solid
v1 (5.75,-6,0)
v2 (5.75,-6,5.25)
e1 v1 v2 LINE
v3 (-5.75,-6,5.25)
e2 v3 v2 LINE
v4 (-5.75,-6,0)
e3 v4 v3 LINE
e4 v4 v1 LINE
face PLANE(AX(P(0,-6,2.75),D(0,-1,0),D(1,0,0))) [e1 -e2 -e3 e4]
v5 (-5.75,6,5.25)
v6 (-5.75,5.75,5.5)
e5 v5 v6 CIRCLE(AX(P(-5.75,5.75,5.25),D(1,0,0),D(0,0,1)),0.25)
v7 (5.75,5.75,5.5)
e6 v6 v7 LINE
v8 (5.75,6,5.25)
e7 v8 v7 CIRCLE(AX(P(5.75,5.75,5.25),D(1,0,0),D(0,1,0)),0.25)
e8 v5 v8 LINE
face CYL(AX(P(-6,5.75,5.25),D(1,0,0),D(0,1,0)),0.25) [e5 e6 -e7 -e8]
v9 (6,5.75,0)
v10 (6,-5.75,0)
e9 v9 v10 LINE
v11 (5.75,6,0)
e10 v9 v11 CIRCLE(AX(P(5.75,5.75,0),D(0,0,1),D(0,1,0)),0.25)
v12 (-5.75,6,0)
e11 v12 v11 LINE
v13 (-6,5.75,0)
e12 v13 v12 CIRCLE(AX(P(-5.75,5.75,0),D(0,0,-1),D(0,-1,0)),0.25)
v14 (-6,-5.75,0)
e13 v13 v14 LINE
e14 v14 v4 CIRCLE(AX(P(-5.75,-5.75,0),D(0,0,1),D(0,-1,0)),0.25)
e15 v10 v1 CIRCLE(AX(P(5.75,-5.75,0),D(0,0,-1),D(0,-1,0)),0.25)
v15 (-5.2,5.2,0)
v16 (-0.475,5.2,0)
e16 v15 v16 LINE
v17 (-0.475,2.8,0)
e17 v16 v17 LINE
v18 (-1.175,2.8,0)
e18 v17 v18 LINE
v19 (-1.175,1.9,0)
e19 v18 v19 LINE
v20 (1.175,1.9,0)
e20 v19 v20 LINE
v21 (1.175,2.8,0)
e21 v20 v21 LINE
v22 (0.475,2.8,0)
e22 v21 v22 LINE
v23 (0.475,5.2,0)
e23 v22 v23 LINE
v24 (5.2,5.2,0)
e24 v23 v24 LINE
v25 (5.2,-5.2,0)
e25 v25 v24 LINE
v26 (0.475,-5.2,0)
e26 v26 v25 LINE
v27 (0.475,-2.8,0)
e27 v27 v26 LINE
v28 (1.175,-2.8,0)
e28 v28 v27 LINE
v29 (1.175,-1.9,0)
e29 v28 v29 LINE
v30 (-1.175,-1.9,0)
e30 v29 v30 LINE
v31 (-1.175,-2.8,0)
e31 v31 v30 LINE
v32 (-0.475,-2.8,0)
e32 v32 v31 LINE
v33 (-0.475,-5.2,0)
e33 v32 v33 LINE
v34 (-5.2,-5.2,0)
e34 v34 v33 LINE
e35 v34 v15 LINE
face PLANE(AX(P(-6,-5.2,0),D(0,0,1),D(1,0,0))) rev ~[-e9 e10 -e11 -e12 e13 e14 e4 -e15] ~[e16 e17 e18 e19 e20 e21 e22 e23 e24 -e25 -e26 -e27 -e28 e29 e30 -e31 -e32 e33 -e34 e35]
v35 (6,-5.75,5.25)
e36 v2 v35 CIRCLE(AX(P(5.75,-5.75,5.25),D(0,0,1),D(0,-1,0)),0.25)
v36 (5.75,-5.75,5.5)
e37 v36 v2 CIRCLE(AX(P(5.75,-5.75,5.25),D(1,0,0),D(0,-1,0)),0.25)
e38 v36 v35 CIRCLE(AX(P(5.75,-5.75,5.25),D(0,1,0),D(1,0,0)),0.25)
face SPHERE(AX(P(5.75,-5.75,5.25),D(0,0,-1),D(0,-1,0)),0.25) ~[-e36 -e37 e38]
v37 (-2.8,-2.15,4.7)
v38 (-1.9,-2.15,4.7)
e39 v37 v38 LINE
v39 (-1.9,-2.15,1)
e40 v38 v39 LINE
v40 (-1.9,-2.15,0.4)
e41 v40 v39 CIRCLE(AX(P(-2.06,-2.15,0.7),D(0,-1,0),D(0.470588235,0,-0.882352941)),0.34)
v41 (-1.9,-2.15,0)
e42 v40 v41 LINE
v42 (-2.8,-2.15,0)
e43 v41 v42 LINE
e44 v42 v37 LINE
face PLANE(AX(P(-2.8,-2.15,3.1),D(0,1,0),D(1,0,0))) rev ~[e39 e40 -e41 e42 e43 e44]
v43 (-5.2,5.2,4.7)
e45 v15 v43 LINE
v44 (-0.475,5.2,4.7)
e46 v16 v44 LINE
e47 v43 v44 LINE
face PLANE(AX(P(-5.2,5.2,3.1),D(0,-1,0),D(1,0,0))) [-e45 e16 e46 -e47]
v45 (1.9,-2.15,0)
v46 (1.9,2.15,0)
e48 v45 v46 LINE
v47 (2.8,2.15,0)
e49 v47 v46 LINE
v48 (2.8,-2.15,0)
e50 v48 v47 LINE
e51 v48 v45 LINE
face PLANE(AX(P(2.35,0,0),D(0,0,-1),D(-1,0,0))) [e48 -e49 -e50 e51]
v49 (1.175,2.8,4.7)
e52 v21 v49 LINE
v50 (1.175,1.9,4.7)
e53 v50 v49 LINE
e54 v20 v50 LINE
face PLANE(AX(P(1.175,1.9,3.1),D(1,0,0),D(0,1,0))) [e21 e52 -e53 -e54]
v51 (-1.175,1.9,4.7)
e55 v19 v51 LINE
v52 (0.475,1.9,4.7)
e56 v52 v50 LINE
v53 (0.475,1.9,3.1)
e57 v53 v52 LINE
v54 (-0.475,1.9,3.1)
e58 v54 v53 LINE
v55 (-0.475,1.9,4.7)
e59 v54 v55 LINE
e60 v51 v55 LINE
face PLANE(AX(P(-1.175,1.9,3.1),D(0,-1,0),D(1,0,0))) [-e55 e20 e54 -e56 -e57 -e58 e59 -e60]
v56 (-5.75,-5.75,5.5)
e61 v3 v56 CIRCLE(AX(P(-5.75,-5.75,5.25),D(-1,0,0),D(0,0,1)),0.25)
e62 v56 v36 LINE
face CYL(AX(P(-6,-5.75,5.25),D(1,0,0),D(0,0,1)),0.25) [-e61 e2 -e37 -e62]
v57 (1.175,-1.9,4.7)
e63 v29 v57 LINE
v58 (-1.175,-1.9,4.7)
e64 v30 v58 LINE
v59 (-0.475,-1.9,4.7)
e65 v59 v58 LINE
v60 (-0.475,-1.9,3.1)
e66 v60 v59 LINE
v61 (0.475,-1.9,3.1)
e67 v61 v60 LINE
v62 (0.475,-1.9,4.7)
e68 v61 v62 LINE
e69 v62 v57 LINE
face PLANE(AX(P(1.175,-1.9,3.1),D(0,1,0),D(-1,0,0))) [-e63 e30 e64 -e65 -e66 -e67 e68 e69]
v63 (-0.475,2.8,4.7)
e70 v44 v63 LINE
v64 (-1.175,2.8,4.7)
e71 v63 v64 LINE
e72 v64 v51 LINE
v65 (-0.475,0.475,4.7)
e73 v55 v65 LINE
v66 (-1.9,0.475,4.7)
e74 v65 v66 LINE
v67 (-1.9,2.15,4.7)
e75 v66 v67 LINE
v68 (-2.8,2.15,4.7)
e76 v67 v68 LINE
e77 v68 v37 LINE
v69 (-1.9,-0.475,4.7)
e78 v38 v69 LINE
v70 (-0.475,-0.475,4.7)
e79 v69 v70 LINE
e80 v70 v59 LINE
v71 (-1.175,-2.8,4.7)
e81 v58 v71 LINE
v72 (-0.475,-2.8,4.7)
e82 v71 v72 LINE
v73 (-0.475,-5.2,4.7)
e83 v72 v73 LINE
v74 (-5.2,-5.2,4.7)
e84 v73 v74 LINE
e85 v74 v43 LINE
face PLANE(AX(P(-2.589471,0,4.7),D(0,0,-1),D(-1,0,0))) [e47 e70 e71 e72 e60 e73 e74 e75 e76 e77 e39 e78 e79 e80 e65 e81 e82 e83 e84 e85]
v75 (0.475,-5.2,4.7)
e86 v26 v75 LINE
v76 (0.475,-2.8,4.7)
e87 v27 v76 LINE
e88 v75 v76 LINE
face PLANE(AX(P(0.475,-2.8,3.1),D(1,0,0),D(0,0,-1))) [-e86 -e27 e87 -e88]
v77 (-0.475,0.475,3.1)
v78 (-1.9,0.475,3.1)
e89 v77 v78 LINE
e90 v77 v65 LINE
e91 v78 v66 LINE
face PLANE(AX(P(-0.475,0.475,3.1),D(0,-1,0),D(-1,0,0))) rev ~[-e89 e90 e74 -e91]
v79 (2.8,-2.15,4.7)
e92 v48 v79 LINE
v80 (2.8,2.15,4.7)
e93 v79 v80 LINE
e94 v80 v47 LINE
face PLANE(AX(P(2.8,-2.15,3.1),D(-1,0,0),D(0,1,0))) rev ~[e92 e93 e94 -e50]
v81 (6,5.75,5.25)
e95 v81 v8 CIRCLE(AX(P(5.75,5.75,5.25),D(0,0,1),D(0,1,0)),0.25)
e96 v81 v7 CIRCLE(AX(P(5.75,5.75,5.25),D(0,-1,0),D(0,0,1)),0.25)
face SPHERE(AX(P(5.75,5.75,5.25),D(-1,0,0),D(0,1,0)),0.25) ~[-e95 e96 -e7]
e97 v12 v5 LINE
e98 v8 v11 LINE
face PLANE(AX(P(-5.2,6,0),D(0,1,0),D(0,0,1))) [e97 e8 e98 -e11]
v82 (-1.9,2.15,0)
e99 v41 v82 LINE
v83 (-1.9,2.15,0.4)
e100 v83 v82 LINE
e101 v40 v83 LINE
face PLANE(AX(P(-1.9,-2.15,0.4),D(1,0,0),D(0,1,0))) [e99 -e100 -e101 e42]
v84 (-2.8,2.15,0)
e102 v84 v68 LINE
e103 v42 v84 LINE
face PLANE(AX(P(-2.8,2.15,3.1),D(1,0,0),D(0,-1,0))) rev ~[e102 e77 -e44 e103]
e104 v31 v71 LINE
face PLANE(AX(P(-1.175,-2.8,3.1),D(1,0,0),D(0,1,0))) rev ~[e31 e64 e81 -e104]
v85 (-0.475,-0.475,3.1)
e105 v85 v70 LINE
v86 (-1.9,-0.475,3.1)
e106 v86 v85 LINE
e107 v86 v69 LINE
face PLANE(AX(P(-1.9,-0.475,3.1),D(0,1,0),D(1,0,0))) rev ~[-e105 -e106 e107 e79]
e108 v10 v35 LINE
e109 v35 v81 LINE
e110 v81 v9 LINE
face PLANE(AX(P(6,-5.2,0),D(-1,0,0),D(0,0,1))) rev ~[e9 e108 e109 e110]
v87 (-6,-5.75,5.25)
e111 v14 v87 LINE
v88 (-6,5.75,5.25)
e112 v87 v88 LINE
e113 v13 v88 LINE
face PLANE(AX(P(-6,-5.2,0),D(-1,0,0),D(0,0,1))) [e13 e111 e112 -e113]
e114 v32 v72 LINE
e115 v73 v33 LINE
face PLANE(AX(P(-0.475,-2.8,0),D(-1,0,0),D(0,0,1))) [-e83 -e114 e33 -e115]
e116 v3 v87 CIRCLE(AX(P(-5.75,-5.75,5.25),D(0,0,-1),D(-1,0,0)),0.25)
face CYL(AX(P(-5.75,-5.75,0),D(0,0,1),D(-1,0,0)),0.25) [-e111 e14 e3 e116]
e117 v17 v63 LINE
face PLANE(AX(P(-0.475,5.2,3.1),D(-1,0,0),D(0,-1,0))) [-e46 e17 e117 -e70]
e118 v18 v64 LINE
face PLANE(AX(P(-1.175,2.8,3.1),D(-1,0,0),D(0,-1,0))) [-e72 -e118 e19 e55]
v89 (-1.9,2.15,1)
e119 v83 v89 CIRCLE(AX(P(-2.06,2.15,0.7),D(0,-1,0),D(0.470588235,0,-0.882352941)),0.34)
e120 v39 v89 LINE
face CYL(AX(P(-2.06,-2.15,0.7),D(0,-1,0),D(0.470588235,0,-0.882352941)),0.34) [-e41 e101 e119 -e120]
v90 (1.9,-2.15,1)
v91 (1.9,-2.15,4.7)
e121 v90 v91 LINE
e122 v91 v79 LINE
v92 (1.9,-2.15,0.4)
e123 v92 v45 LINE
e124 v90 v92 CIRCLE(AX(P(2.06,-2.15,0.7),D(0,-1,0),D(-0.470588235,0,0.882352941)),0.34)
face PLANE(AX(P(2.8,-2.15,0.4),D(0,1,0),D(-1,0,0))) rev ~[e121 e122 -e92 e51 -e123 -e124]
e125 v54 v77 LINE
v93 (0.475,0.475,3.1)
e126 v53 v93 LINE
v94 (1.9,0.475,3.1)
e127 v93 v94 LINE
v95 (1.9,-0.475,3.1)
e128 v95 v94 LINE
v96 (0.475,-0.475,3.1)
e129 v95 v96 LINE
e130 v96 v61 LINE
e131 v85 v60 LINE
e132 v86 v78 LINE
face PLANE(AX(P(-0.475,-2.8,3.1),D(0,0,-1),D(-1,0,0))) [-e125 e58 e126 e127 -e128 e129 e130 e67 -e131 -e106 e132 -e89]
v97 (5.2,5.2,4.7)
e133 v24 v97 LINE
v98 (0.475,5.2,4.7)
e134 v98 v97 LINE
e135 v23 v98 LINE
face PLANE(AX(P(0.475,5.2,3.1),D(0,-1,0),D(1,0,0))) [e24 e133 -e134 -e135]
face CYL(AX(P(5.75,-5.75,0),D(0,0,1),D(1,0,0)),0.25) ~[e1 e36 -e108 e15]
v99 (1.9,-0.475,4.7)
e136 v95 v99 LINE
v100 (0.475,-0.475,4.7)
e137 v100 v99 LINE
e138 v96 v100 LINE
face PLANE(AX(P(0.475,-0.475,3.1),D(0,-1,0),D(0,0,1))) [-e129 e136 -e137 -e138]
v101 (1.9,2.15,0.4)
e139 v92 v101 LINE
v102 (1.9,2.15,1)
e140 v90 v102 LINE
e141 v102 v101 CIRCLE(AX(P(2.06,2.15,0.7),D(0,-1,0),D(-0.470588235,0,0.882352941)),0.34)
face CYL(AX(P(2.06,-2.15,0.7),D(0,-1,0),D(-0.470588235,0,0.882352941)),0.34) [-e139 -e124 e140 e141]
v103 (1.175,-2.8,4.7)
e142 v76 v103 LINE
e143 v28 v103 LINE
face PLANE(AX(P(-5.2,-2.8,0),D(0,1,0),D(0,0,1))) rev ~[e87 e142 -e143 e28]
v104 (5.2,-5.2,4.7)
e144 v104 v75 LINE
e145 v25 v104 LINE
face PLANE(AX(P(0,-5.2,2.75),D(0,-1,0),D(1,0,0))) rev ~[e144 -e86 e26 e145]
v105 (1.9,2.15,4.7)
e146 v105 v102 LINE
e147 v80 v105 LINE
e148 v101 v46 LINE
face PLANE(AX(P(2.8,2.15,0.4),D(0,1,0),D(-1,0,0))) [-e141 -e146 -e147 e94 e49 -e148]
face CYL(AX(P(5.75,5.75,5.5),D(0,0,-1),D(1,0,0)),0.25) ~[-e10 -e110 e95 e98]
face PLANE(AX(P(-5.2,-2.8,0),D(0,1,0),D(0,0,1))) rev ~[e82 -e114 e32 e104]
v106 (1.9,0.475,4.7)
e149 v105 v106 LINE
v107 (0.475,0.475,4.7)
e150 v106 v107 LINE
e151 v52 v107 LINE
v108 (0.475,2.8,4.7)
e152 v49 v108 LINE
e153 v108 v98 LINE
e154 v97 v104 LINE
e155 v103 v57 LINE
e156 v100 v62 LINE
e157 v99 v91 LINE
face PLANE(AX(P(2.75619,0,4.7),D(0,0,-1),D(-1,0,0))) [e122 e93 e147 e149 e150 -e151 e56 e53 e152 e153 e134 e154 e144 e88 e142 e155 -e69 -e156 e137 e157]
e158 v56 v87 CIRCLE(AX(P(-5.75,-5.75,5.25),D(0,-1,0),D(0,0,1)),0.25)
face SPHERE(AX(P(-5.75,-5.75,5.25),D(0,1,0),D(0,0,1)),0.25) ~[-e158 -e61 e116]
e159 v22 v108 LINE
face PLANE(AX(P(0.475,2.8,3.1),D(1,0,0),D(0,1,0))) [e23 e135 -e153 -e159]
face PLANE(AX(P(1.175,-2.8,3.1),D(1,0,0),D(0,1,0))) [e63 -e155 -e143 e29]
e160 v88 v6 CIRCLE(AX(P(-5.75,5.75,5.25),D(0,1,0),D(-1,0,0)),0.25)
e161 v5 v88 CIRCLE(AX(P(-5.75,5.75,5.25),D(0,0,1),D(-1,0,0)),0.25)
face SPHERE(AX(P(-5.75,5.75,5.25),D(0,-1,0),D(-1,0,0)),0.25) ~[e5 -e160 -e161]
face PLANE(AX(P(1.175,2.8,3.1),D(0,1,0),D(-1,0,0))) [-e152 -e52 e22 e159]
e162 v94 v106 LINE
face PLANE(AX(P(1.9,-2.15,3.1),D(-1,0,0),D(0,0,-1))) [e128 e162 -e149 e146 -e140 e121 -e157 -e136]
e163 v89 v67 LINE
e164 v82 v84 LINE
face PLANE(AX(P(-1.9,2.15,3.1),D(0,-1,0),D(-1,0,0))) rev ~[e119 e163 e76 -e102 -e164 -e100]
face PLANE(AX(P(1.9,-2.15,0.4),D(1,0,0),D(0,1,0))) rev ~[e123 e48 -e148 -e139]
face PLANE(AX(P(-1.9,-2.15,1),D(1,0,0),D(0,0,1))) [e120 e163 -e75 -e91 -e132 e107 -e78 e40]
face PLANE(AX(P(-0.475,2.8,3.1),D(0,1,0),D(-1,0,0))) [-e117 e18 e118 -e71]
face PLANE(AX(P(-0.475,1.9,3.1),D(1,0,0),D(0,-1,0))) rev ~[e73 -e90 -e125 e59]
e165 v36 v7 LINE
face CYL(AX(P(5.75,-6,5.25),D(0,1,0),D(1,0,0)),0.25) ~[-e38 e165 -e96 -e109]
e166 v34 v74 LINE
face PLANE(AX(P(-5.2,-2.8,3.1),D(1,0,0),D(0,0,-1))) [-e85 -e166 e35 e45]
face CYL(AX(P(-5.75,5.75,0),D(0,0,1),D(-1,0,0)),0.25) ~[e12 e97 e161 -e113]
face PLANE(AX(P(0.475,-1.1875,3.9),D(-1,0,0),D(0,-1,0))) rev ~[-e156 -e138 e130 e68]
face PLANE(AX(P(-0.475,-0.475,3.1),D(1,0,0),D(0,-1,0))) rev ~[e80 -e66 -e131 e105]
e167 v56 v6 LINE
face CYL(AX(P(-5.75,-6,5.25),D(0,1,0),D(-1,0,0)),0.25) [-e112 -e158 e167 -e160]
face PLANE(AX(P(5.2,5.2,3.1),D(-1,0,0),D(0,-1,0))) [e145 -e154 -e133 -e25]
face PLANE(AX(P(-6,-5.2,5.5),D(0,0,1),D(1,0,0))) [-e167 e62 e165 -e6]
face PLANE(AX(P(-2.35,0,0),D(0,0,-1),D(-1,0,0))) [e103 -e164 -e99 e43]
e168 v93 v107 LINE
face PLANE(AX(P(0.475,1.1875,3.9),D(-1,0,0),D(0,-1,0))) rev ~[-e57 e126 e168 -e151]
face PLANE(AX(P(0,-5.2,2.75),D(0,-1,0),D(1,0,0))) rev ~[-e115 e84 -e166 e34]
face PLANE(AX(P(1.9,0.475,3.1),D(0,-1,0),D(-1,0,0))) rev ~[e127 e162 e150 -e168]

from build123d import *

# Parameters (mm, degrees)
BOSS_EXTRU_1_DEPTH      = 4.3
ESQUISSE2_W             = 5.6
ESQUISSE2_H             = 2.4
BOSS_EXTRU_2_DEPTH      = 0.65
ESQUISSE3_W             = 2.4
ESQUISSE3_H             = 4.95
BOSS_EXTRU_3_DEPTH      = 2.4
ESQUISSE4_W             = 8
ESQUISSE4_H             = 2.4
BOSS_EXTRU_4_DEPTH      = 3.85
ESQUISSE5_W             = 2.4
ESQUISSE5_H             = 8.8
BOSS_EXTRU_5_DEPTH      = 3.2
ESQUISSE6_W             = 2.35
ESQUISSE6_H             = 0.9
BOSS_EXTRU_6_DEPTH      = 3.1
ESQUISSE7_W             = 0.9
ESQUISSE7_H             = 4.3
BOSS_EXTRU_7_DEPTH      = 0.4
ESQUISSE8_W             = 0.9
ESQUISSE8_H             = 4.3
BOSS_EXTRU_8_DEPTH      = 0.4
ESQUISSE9_W             = 5.5
ESQUISSE9_H             = 8.8
BOSS_EXTRU_9_DEPTH      = 0.8
BOSS_EXTRU_10_DEPTH     = 2.4
ESQUISSE11_W            = 12
ESQUISSE11_H            = 5.5
BOSS_EXTRU_11_DEPTH     = 0.8
ENL_V_MAT_EXTRU_1_DEPTH = 1.6
ENL_V_MAT_EXTRU_2_REACH = 12.401
ESQUISSE13_W            = 1.425
ESQUISSE13_H            = 1.6
ENL_V_MAT_EXTRU_3_REACH = 12.401
ESQUISSE14_W            = 1.425
ESQUISSE14_H            = 1.6
ENL_V_MAT_EXTRU_4_DEPTH = 1.6
CONG_1_R                = 0.25


with BuildPart() as part:
    # Esquisse1 → Boss.-Extru.1 (new body)
    with BuildSketch(Plane.XZ.offset(2.15)):
        with BuildLine():
            Line((1.9, 0.4), (2.8, 0.4))
            Line((2.8, 0.4), (2.8, 5.5))
            Line((2.8, 5.5), (-2.8, 5.5))
            Line((-2.8, 5.5), (-2.8, 0.4))
            Line((-2.8, 0.4), (-1.9, 0.4))
            ThreePointArc((-1.9, 0.4), (-1.72, 0.7), (-1.9, 1))
            Line((-1.9, 1), (-1.9, 3.1))
            Line((-1.9, 3.1), (1.9, 3.1))
            Line((1.9, 3.1), (1.9, 1))
            ThreePointArc((1.9, 1), (1.72, 0.7), (1.9, 0.4))
        make_face()
    extrude(amount=-BOSS_EXTRU_1_DEPTH)

    # Esquisse2 → Boss.-Extru.2 (add)
    with BuildSketch(Plane.XZ.offset(2.15)):
        with Locations((0, 4.3)):
            Rectangle(ESQUISSE2_W, ESQUISSE2_H)
    extrude(amount=BOSS_EXTRU_2_DEPTH)

    # Esquisse3 → Boss.-Extru.3 (add)
    with BuildSketch(Plane.ZY.offset(2.8)):
        with Locations((4.3, -0.325)):
            Rectangle(ESQUISSE3_W, ESQUISSE3_H)
    extrude(amount=BOSS_EXTRU_3_DEPTH)

    # Esquisse4 → Boss.-Extru.4 (add)
    with BuildSketch(Plane(origin=(0, 2.15, 0), x_dir=(-1, 0, 0), z_dir=(0, 1, 0))):
        with Locations((1.2, 4.3)):
            Rectangle(ESQUISSE4_W, ESQUISSE4_H)
    extrude(amount=BOSS_EXTRU_4_DEPTH)

    # Esquisse5 → Boss.-Extru.5 (add)
    with BuildSketch(Plane(origin=(2.8, 0, 0), x_dir=(0, 0, -1), z_dir=(1, 0, 0))):
        with Locations((-4.3, 1.6)):
            Rectangle(ESQUISSE5_W, ESQUISSE5_H)
    extrude(amount=BOSS_EXTRU_5_DEPTH)

    # Esquisse6 → Boss.-Extru.6 (add)
    with BuildSketch(Plane(origin=(0, 0, 3.1), x_dir=(-1, 0, 0), z_dir=(0, 0, -1))):
        Polygon((5.2, 5.2), (0.475, 5.2), (0.475, 2.8), (1.175, 2.8), (1.175, 1.9), (-1.175, 1.9), (-1.175, 2.8), (-0.475, 2.8), (-0.475, 5.2), (-5.2, 5.2), (-5.2, -2.8), (-6, -2.8), (-6, 6), (5.2, 6), align=None)
        with Locations((0, -2.35)):
            Rectangle(ESQUISSE6_W, ESQUISSE6_H)
    extrude(amount=BOSS_EXTRU_6_DEPTH)

    # Esquisse7 → Boss.-Extru.7 (add)
    with BuildSketch(Plane(origin=(0, 0, 0.4), x_dir=(-1, 0, 0), z_dir=(0, 0, -1))):
        with Locations((2.35, 0)):
            Rectangle(ESQUISSE7_W, ESQUISSE7_H)
    extrude(amount=BOSS_EXTRU_7_DEPTH)

    # Esquisse8 → Boss.-Extru.8 (add)
    with BuildSketch(Plane(origin=(0, 0, 0.4), x_dir=(-1, 0, 0), z_dir=(0, 0, -1))):
        with Locations((-2.35, 0)):
            Rectangle(ESQUISSE8_W, ESQUISSE8_H)
    extrude(amount=BOSS_EXTRU_8_DEPTH)

    # Esquisse9 → Boss.-Extru.9 (add)
    with BuildSketch(Plane.ZY.offset(5.2)):
        with Locations((2.75, 1.6)):
            Rectangle(ESQUISSE9_W, ESQUISSE9_H)
    extrude(amount=BOSS_EXTRU_9_DEPTH)

    # Esquisse10 → Boss.-Extru.10 (add)
    with BuildSketch(Plane.XZ.offset(2.8)):
        Polygon((-0.475, 3.1), (-5.2, 3.1), (-5.2, 0), (-6, 0), (-6, 5.5), (6, 5.5), (6, 0), (5.2, 0), (5.2, 3.1), (0.475, 3.1), (0.475, 0), (-0.475, 0), align=None)
    extrude(amount=BOSS_EXTRU_10_DEPTH)

    # Esquisse11 → Boss.-Extru.11 (add)
    with BuildSketch(Plane.XZ.offset(5.2)):
        with Locations((0, 2.75)):
            Rectangle(ESQUISSE11_W, ESQUISSE11_H)
    extrude(amount=BOSS_EXTRU_11_DEPTH)

    # Esquisse12 → Enlèv. mat.-Extru.1 (cut)
    with BuildSketch(Plane(origin=(0, 0, 3.1), x_dir=(-1, 0, 0), z_dir=(0, 0, -1))):
        Polygon((-1.9, 0.475), (-1.175, 0.475), (-1.175, 2.8), (-0.475, 2.8), (-0.475, 5.2), (-5.2, 5.2), (-5.2, -5.2), (-0.475, -5.2), (-0.475, -2.8), (-1.175, -2.8), (-1.175, -0.475), (-1.9, -0.475), (-1.9, -2.15), (-2.8, -2.15), (-2.8, 2.15), (-1.9, 2.15), align=None)
    extrude(amount=-ENL_V_MAT_EXTRU_1_DEPTH, mode=Mode.SUBTRACT)

    # Esquisse13 → Enlèv. mat.-Extru.2 (cut, up to next)
    with BuildSketch(Plane(origin=(0.475, 0, 0), x_dir=(0, -1, 0), z_dir=(-1, 0, 0)), mode=Mode.PRIVATE) as enl_v_mat_extru_2_sk1:
        with Locations((-1.1875, 3.9)):
            Rectangle(ESQUISSE13_W, ESQUISSE13_H)
    enl_v_mat_extru_2_tool1 = extrude(enl_v_mat_extru_2_sk1.sketch, amount=-ENL_V_MAT_EXTRU_2_REACH, mode=Mode.PRIVATE) & part.part
    add(enl_v_mat_extru_2_tool1.solids().sort_by_distance((0.475, 1.1875, 3.9))[0], mode=Mode.SUBTRACT)

    # Esquisse14 → Enlèv. mat.-Extru.3 (cut, up to next)
    with BuildSketch(Plane(origin=(0.475, 0, 0), x_dir=(0, -1, 0), z_dir=(-1, 0, 0)), mode=Mode.PRIVATE) as enl_v_mat_extru_3_sk1:
        with Locations((1.1875, 3.9)):
            Rectangle(ESQUISSE14_W, ESQUISSE14_H)
    enl_v_mat_extru_3_tool1 = extrude(enl_v_mat_extru_3_sk1.sketch, amount=-ENL_V_MAT_EXTRU_3_REACH, mode=Mode.PRIVATE) & part.part
    add(enl_v_mat_extru_3_tool1.solids().sort_by_distance((0.475, -1.1875, 3.9))[0], mode=Mode.SUBTRACT)

    # Esquisse15 → Enlèv. mat.-Extru.4 (cut)
    with BuildSketch(Plane(origin=(0, 0, 3.1), x_dir=(-1, 0, 0), z_dir=(0, 0, -1))):
        Polygon((0.475, 0.475), (1.9, 0.475), (1.9, 2.15), (2.8, 2.15), (2.8, -2.15), (1.9, -2.15), (1.9, -0.475), (0.475, -0.475), (0.475, -1.9), (1.175, -1.9), (1.175, -2.8), (0.475, -2.8), (0.475, -5.2), (5.2, -5.2), (5.2, 5.2), (0.475, 5.2), (0.475, 2.8), (1.175, 2.8), (1.175, 1.9), (0.475, 1.9), align=None)
    extrude(amount=-ENL_V_MAT_EXTRU_4_DEPTH, mode=Mode.SUBTRACT)

    # Congé1
    cong_1_edges = [part.edges().sort_by_distance(p)[0] for p in [
        (-6, 0, 5.5),
        (-6, 6, 2.75),
        (6, -6, 2.75),
        (0, -6, 5.5),
        (-6, -6, 2.75),
        (0, 6, 5.5),
        (6, 6, 2.75),
        (6, 0, 5.5),
    ]]
    fillet(cong_1_edges, radius=CONG_1_R)


solid = part.part
